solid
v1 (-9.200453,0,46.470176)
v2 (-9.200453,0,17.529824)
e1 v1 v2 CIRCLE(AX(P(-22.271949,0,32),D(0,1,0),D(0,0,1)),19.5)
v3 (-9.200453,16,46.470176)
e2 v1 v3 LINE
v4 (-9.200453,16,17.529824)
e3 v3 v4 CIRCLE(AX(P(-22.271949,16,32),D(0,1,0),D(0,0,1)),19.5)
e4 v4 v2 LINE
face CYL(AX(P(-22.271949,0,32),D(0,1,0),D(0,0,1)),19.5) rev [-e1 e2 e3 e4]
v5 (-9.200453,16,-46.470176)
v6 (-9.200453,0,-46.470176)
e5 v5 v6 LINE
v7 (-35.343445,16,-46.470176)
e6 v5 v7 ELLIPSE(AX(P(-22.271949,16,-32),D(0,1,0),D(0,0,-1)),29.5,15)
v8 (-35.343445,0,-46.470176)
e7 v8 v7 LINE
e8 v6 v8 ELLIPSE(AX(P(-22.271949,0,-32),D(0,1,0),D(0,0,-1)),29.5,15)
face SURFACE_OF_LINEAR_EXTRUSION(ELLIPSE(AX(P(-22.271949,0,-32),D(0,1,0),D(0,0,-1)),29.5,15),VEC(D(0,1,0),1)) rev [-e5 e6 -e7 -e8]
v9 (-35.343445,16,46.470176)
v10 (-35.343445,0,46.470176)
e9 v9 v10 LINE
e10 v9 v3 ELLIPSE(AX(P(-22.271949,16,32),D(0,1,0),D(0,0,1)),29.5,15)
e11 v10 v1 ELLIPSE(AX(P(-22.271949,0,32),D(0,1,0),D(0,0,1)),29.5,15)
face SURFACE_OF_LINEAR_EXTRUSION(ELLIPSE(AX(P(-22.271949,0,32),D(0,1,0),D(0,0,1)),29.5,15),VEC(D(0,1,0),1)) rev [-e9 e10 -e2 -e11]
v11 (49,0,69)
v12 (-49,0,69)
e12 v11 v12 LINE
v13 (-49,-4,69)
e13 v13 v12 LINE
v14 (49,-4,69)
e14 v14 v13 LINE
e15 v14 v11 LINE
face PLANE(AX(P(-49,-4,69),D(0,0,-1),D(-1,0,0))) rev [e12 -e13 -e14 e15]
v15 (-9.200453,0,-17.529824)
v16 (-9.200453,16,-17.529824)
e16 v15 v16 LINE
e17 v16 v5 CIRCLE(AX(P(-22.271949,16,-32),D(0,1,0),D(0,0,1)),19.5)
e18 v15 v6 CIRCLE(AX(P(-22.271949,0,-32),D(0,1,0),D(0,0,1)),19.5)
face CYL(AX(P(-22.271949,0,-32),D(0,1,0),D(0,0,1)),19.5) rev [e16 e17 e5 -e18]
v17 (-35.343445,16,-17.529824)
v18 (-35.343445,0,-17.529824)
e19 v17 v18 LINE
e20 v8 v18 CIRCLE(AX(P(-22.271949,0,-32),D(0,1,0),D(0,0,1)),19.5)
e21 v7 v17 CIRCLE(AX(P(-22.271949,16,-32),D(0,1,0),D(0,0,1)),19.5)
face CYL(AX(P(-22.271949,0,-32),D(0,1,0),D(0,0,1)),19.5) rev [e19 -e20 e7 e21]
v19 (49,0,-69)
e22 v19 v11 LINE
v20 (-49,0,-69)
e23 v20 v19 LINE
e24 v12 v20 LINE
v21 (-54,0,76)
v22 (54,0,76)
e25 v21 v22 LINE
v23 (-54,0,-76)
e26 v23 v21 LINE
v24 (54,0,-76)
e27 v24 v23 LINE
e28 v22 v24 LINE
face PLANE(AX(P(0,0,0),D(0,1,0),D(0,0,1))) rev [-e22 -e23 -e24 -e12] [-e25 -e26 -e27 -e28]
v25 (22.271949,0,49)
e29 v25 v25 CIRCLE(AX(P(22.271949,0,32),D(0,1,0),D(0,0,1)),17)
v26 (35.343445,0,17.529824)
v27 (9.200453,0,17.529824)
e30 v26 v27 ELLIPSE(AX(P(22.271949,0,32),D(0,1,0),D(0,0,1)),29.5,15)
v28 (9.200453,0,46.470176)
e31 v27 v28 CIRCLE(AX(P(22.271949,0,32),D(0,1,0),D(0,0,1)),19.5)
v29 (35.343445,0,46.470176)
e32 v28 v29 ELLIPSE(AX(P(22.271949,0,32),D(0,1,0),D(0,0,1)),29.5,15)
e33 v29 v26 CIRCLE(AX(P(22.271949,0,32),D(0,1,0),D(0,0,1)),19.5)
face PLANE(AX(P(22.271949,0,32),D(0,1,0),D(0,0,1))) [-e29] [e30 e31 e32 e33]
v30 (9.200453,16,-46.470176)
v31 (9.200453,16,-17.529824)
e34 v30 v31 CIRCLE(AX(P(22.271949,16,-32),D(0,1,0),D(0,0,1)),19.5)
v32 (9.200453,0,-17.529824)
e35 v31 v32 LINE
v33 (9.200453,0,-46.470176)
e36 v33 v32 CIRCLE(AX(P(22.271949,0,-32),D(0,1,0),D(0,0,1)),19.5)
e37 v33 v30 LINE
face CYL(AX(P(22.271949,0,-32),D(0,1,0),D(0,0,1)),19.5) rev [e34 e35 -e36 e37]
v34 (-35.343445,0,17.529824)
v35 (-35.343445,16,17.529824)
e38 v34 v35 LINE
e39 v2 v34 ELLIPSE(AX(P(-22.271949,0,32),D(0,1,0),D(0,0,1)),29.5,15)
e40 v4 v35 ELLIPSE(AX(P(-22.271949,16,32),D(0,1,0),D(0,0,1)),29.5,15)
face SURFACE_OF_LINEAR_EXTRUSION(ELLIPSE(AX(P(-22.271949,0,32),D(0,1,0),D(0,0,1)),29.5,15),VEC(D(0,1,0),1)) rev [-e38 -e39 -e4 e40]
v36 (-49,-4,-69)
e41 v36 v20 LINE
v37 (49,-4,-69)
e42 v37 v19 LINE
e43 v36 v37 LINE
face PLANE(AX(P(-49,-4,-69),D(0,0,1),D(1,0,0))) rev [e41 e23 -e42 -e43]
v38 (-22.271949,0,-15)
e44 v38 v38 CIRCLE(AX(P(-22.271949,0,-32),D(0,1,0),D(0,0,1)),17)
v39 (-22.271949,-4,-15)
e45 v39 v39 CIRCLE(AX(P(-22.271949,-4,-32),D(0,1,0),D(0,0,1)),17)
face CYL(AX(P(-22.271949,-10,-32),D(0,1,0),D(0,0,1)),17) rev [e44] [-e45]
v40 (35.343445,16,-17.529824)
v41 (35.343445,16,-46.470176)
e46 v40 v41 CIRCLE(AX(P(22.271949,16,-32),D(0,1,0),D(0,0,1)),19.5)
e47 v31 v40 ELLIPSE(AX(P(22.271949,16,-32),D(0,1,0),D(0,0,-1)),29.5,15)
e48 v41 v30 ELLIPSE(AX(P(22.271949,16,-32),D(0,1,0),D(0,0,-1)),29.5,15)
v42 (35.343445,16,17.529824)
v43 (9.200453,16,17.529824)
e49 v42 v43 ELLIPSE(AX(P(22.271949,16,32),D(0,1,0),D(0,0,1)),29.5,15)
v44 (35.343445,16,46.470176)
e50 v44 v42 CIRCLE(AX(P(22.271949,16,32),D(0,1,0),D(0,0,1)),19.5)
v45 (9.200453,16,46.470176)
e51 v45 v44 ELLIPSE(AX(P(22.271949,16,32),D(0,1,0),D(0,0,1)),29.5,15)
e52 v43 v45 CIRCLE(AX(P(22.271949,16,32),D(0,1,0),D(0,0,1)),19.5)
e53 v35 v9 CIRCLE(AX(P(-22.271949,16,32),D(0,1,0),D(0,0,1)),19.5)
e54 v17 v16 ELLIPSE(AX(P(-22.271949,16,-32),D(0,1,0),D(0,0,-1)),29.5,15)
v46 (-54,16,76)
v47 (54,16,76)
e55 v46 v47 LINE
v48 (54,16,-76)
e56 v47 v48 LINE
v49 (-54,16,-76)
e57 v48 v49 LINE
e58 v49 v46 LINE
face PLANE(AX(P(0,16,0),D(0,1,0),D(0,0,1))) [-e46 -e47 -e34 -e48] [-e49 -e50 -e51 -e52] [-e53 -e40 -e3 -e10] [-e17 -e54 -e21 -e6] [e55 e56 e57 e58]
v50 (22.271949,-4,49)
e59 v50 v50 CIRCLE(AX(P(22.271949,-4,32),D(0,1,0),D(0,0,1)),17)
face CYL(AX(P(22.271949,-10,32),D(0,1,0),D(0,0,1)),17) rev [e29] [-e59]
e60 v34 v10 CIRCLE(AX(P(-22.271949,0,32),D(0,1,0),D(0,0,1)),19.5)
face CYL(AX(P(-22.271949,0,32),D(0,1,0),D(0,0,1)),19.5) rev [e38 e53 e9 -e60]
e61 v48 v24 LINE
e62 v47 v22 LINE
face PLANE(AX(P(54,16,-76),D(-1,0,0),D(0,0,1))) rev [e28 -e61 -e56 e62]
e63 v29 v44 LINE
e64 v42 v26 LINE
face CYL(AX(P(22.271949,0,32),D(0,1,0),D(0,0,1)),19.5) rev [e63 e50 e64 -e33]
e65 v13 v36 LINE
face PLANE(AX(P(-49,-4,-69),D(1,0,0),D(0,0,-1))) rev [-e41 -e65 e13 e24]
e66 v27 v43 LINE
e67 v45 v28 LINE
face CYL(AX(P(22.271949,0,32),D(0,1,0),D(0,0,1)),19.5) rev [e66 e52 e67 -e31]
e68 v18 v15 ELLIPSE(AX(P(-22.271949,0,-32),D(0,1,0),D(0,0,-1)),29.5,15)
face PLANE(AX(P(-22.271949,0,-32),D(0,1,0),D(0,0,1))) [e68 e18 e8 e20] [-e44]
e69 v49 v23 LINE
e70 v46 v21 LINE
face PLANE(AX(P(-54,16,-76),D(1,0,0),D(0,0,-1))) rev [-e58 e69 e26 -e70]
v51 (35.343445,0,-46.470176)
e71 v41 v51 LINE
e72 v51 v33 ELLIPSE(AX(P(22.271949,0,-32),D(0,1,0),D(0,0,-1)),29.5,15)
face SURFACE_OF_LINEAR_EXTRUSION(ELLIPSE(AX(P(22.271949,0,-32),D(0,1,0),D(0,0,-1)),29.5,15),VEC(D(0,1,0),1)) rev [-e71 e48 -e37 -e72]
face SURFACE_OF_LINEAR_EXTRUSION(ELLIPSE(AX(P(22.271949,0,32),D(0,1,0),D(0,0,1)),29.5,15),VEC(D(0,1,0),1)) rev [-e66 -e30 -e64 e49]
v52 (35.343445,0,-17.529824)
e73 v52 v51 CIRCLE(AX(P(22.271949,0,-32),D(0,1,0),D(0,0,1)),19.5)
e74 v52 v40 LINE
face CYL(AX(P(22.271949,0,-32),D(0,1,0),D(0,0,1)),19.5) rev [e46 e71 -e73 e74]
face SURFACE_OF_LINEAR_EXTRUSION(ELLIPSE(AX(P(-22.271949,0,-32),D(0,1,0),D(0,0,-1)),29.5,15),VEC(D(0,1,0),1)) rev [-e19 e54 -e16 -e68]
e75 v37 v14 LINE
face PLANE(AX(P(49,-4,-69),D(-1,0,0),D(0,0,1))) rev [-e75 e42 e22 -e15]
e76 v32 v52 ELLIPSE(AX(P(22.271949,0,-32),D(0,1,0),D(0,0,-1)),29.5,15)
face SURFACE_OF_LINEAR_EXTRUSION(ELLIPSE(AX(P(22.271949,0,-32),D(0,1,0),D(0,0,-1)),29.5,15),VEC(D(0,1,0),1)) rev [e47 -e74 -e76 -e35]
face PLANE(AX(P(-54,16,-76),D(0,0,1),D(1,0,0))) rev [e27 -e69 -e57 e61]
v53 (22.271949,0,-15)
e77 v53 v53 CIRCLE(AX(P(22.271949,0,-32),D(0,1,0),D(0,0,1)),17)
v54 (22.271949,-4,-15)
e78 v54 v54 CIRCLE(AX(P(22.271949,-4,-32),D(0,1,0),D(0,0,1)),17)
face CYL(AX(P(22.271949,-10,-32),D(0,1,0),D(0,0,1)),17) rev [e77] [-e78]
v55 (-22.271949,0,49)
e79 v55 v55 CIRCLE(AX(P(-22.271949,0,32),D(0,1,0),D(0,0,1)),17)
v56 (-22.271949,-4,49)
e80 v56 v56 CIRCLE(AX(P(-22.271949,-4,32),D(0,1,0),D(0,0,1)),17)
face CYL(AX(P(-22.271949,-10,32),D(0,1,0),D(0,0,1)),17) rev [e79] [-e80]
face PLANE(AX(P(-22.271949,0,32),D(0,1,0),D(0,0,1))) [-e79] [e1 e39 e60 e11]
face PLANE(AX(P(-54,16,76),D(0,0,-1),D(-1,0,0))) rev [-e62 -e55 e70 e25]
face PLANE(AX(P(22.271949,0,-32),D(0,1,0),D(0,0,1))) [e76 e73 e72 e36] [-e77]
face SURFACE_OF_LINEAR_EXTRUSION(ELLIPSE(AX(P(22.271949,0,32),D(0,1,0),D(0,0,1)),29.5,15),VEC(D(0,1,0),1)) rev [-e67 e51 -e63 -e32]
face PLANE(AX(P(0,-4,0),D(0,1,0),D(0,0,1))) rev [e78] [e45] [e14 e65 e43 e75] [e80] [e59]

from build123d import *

# Parameters (mm, degrees)
SKETCH3_W           = 108
SKETCH3_H           = 152
BOSS_EXTRUDE1_DEPTH = 16
SKETCH7_W           = 98
SKETCH7_H           = 138
BOSS_EXTRUDE2_DEPTH = 4
SKETCH6_R           = 19.5
SKETCH6_RX          = 29.5
SKETCH6_RY          = 15
CUT_EXTRUDE2_DEPTH  = 16
SKETCH8_R           = 17
CUT_EXTRUDE3_DEPTH  = 10


with BuildPart() as part:
    # Sketch3 → Boss-Extrude1 (new body)
    with BuildSketch(Plane(origin=(0, 0, 0), x_dir=(1, 0, 0), z_dir=(0, 1, 0))):
        Rectangle(SKETCH3_W, SKETCH3_H)
    extrude(amount=BOSS_EXTRUDE1_DEPTH)

    # Sketch7 → Boss-Extrude2 (add)
    with BuildSketch(Plane.XZ):
        Rectangle(SKETCH7_W, SKETCH7_H)
    extrude(amount=BOSS_EXTRUDE2_DEPTH)

    # Sketch6 → Cut-Extrude2 (cut)
    with BuildSketch(Plane(origin=(0, 16, 0), x_dir=(1, 0, 0), z_dir=(0, 1, 0))):
        with Locations((22.271949374, 32)):
            Circle(SKETCH6_R)
        with Locations((22.271949374, -32)):
            Circle(SKETCH6_R)
        with Locations((-22.271949374, -32)):
            Circle(SKETCH6_R)
        with Locations((-22.271949374, 32)):
            Circle(SKETCH6_R)
        with Locations(Location((-22.271949374, 32), (0, 0, -90))):
            Ellipse(SKETCH6_RX, SKETCH6_RY)
        with Locations(Location((22.271949374, -32), (0, 0, -90))):
            Ellipse(SKETCH6_RX, SKETCH6_RY)
        with Locations(Location((-22.271949374, -32), (0, 0, -90))):
            Ellipse(SKETCH6_RX, SKETCH6_RY)
        with Locations(Location((22.271949374, 32), (0, 0, 90))):
            Ellipse(SKETCH6_RX, SKETCH6_RY)
    extrude(amount=-CUT_EXTRUDE2_DEPTH, mode=Mode.SUBTRACT)

    # Sketch8 → Cut-Extrude3 (cut)
    with BuildSketch(Plane(origin=(0, 0, 0), x_dir=(1, 0, 0), z_dir=(0, 1, 0))):
        with Locations(Location((-22.271949374, 32, 0), (0, 0, 270))):
            Circle(SKETCH8_R)
        with Locations(Location((22.271949374, 32, 0), (0, 0, 270))):
            Circle(SKETCH8_R)
        with Locations(Location((22.271949374, -32, 0), (0, 0, 270))):
            Circle(SKETCH8_R)
        with Locations(Location((-22.271949374, -32, 0), (0, 0, 270))):
            Circle(SKETCH8_R)
    extrude(amount=-CUT_EXTRUDE3_DEPTH, mode=Mode.SUBTRACT)


solid = part.part
